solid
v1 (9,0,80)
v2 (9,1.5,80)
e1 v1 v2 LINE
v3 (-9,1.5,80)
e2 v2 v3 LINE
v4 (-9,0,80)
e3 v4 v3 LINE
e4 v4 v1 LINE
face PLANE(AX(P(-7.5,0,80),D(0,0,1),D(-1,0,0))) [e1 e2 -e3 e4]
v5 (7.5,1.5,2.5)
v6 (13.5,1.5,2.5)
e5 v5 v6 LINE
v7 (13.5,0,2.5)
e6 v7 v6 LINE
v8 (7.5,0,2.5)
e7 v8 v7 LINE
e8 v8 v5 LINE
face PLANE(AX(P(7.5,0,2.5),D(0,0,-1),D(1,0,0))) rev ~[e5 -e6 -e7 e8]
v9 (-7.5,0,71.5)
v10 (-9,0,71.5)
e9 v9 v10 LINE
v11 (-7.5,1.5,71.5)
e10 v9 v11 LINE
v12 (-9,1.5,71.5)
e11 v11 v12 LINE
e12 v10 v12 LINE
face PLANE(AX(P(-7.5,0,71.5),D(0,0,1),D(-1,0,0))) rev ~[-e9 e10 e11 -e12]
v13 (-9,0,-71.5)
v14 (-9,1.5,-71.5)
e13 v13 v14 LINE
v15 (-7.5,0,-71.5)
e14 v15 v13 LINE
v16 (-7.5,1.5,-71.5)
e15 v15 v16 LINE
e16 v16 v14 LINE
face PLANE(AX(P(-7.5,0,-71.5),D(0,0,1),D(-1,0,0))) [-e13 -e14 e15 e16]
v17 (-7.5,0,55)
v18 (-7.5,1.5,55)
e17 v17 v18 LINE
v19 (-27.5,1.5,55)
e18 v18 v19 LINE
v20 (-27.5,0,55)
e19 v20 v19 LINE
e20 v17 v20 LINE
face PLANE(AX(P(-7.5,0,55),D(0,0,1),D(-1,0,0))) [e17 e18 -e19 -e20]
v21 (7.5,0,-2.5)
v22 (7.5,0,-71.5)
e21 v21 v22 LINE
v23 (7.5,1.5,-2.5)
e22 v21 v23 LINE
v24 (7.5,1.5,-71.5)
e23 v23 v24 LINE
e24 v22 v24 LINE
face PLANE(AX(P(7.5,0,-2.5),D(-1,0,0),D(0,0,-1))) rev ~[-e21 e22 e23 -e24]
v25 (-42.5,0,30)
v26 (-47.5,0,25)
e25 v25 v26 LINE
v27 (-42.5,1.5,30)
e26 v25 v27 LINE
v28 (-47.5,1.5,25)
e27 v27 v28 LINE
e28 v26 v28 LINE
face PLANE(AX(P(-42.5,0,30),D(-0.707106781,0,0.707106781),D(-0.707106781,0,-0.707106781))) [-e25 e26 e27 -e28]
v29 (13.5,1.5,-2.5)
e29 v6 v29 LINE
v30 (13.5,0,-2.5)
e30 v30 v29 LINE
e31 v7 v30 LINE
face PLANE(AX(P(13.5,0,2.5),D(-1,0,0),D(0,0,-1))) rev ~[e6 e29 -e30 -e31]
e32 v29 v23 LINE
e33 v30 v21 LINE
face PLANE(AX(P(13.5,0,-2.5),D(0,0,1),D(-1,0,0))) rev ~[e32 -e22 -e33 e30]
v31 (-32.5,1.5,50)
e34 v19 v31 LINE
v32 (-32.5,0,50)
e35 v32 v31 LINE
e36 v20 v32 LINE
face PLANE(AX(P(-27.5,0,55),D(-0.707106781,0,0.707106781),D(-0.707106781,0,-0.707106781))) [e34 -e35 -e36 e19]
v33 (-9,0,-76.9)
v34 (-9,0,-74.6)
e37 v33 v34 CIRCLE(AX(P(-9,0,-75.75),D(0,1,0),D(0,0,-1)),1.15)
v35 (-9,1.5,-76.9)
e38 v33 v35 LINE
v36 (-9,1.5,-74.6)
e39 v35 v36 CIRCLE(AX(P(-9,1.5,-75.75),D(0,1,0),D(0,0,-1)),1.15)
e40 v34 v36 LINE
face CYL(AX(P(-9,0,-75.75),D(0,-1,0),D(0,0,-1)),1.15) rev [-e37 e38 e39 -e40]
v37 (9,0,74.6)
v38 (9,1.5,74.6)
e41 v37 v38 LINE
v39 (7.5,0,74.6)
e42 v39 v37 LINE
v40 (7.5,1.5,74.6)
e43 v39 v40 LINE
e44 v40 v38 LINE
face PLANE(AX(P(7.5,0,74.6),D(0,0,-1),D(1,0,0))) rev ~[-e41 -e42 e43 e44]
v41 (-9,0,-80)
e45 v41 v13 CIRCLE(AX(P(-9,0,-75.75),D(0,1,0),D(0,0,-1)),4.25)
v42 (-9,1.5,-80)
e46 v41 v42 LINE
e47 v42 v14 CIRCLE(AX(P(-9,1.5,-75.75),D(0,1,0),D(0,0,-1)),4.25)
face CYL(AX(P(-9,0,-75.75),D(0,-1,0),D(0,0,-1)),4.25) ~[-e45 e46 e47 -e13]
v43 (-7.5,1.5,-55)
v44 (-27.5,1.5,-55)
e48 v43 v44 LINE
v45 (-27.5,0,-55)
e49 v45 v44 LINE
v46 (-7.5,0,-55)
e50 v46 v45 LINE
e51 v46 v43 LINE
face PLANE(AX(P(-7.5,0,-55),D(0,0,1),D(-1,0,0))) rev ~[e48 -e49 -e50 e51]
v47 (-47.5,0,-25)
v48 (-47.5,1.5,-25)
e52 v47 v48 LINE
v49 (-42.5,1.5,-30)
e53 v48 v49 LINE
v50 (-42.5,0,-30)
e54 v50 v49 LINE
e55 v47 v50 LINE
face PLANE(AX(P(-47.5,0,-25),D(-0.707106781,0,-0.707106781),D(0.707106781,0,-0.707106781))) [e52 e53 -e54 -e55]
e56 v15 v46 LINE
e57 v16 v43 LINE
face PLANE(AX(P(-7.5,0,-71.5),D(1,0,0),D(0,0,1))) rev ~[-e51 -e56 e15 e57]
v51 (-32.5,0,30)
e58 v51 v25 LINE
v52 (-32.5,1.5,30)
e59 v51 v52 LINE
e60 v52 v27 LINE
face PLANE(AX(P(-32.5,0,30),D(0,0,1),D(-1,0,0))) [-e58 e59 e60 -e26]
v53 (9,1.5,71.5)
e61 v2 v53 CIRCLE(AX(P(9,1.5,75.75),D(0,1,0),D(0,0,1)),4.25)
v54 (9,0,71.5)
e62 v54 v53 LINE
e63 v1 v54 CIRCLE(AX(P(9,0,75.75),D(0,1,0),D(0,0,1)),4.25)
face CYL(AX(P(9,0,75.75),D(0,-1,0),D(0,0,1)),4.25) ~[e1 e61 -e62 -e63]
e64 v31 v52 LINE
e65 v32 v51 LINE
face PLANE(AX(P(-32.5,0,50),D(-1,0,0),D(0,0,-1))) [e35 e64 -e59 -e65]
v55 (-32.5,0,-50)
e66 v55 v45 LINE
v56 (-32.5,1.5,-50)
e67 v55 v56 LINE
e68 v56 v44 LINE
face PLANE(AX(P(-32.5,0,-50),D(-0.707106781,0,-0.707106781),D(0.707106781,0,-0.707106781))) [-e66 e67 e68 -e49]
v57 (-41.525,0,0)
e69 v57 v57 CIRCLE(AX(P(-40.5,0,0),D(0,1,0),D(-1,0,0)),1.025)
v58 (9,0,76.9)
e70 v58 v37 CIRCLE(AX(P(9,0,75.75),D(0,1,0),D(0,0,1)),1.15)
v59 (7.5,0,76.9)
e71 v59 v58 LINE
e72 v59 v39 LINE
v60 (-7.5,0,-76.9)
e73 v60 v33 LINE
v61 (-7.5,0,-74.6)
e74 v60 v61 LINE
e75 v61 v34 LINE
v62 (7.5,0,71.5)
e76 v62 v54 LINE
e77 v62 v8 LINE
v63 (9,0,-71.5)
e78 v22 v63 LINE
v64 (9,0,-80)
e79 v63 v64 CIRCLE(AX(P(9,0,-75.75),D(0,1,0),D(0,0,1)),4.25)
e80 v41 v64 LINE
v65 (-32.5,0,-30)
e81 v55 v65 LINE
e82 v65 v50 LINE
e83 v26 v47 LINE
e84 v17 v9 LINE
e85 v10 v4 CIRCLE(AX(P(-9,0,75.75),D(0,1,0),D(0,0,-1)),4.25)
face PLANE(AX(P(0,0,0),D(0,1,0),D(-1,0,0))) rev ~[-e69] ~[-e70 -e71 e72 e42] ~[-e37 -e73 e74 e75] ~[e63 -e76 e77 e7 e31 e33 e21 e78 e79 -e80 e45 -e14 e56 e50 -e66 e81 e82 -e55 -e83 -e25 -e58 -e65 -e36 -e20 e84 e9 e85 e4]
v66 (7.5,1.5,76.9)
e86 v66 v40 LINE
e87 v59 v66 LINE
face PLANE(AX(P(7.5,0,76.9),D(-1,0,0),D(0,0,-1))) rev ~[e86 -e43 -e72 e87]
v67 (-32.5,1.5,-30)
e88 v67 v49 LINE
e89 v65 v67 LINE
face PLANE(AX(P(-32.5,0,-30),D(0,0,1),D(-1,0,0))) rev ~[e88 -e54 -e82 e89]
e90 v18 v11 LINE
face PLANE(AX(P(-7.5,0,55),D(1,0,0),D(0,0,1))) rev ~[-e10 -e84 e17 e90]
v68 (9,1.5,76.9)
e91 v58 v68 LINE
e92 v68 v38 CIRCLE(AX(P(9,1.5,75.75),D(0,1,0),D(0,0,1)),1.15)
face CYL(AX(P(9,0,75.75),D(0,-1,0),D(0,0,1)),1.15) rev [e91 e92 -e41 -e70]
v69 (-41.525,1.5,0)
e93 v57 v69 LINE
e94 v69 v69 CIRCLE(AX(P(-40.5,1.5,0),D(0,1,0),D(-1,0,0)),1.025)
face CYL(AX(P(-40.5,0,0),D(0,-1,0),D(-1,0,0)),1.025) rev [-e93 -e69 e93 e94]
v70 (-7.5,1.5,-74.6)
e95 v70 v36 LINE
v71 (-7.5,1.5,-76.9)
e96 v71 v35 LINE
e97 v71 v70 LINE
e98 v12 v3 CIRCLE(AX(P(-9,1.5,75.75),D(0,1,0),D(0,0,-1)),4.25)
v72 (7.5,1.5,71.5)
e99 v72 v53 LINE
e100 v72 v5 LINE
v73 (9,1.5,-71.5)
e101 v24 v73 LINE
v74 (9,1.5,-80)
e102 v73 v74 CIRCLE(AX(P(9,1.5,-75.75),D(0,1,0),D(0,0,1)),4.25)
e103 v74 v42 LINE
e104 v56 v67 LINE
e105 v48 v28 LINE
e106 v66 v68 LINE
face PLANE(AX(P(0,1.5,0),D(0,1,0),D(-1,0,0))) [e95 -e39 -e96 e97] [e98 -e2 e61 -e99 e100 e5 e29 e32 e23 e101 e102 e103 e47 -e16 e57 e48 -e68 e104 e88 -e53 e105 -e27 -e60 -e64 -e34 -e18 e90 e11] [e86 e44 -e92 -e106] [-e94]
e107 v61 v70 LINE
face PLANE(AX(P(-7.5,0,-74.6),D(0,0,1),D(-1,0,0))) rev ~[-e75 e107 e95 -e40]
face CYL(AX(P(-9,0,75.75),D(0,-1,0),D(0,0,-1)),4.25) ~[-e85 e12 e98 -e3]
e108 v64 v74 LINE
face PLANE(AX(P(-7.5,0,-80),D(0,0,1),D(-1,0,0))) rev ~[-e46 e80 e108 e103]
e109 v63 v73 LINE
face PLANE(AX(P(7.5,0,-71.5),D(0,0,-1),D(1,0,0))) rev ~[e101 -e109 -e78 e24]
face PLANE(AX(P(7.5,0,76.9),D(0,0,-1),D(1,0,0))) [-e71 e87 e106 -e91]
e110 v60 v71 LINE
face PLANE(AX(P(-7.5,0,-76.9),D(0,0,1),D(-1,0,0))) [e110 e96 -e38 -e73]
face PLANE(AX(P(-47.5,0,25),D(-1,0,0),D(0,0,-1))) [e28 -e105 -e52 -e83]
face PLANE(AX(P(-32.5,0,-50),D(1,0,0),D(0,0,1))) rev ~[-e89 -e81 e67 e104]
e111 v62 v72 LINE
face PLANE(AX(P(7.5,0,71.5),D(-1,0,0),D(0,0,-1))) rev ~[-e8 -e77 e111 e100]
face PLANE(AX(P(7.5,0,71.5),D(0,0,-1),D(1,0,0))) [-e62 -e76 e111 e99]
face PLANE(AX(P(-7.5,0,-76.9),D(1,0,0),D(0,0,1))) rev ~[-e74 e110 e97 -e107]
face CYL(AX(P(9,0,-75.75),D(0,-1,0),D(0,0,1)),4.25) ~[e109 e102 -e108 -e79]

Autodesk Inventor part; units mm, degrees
ref_plane "YZ Plane" through (0, 0, 0) normal (1, 0, 0) x (0, 1, 0)
ref_plane "XZ Plane" through (0, 0, 0) normal (0, 1, 0) x (-1, 0, 0)
ref_plane "XY Plane" through (0, 0, 0) normal (0, 0, 1) x (1, 0, 0)
sketch "Sketch1" plane through (0, 0, 0) normal (0, 1, 0) x (-1, 0, 0)
  line L0 (7.5, 80) -> (-7.5, 80)
  line L1 (-7.5, -80) -> (7.5, -80)
  line L2 (7.5, 75.75) -> (9, 75.75)
  line L3 (7.5, 80) -> (9, 80)
  line L4 (7.5, 71.5) -> (9, 71.5)
  arc A0 (9, 71.5) -> (9, 80) centre (9, 75.75) ccw
  line L5 (7.5, 74.6) -> (9, 74.6)
  line L6 (7.5, 76.9) -> (9, 76.9)
  arc A1 (9, 74.6) -> (9, 76.9) centre (9, 75.75) ccw
  line L7 (-7.5, 80) -> (-9, 80)
  line L8 (-7.5, 71.5) -> (-9, 71.5)
  arc A2 (-9, 80) -> (-9, 71.5) centre (-9, 75.75) ccw
  line L9 (-7.5, 74.6) -> (-9, 74.6)
  line L10 (-7.5, 76.9) -> (-9, 76.9)
  arc A3 (-9, 76.9) -> (-9, 74.6) centre (-9, 75.75) ccw
  line L11 (7.5, -80) -> (9, -80)
  line L12 (7.5, -71.5) -> (9, -71.5)
  arc A4 (9, -80) -> (9, -71.5) centre (9, -75.75) ccw
  line L13 (7.5, -74.6) -> (9, -74.6)
  line L14 (7.5, -76.9) -> (9, -76.9)
  arc A5 (9, -76.9) -> (9, -74.6) centre (9, -75.75) ccw
  arc A6 (-9, -71.5) -> (-9, -80) centre (-9, -75.75) ccw
  line L15 (-7.5, -71.5) -> (-9, -71.5)
  line L16 (-7.5, -74.6) -> (-9, -74.6)
  arc A7 (-9, -74.6) -> (-9, -76.9) centre (-9, -75.75) ccw
  line L17 (-7.5, -76.9) -> (-9, -76.9)
  line L18 (-7.5, -80) -> (-9, -80)
  line L19 (7.5, 55) -> (27.5, 55)
  line L20 (32.5, 50) -> (32.5, 30)
  line L21 (32.5, 30) -> (42.5, 30)
  line L22 (47.5, 25) -> (47.5, 0)
  line L23 (7.5, -55) -> (27.5, -55)
  line L24 (32.5, -50) -> (32.5, -30)
  line L25 (32.5, -30) -> (42.5, -30)
  line L26 (47.5, -25) -> (47.5, 0)
  line L27 (27.5, 55) -> (32.5, 50)
  line L28 (42.5, 30) -> (47.5, 25)
  line L29 (47.5, -25) -> (42.5, -30)
  line L30 (32.5, -50) -> (27.5, -55)
  circle A8 centre (40.5, 0) radius 1.025
  circle A9 centre (-11.5, 0) radius 1.025
  line L31 (-7.5, 2.5) -> (-13.5, 2.5)
  line L32 (-13.5, 2.5) -> (-13.5, -2.5)
  line L33 (-13.5, -2.5) -> (-7.5, -2.5)
  line L34 (-12.525, 0) -> (-13.5, 0) construction
  line L35 (7.5, 55) -> (7.5, 71.5)
  line L36 (7.5, 74.6) -> (7.5, 76.9)
  line L37 (-7.5, 76.9) -> (-7.5, 74.6)
  line L38 (-7.5, 71.5) -> (-7.5, 2.5)
  line L39 (7.5, -76.9) -> (7.5, -74.6)
  line L40 (7.5, -71.5) -> (7.5, -55)
  line L41 (-7.5, -2.5) -> (-7.5, -71.5)
  line L42 (-7.5, -74.6) -> (-7.5, -76.9)
  point P0 (8.25, 71.5)
  point P1 (32.5, 55)
  point P2 (47.5, 30)
  point P3 (32.5, -55)
  point P4 (47.5, -30)
  dimension "d26" = 2.05
  dimension "d0" = 160
  dimension "d2" = 1.5
  dimension "d3" = 4.25
  dimension "d5" = 4.25
  dimension "d6" = 4.25
  dimension "d7" = 1.15
  dimension "d8" = 1.15
  dimension "d9" = 1.15
  dimension "d10" = 25
  dimension "d11" = 25
  dimension "d12" = 15
  dimension "d13" = 25
  dimension "d14" = 25
  dimension "d15" = 5
  dimension "d16" = 5
  dimension "d17" = 5
  dimension "d18" = 5
  dimension "d19" = 5
  dimension "d20" = 5
  dimension "d21" = 5
  dimension "d22" = 5
  dimension "d24" = 2.05
  dimension "d25" = 7
extrude "Extrusion1" add sketch "Sketch1" along normal blind 1.5 contours L3 A0 L4 L35 L19 L27 L20 L21 L28 L22 L26 L29 L25 L24 L30 L23 L40 L12 A4 L11 L1 L18 A6 L15 L41 L33 L32 L31 L38 L8 A2 L7 L0 | L36 L6 A1 L5 | L42 L17 A7 L16 | A9
equation "\"d16\" = d15"
equation "\"d17\" = d15"
equation "\"d18\" = d17"
equation "\"d19\" = d15"
equation "\"d20\" = d19"
equation "\"d21\" = d15"
equation "\"d22\" = d21"
properties part number "linefollower_chassy_model_3"
